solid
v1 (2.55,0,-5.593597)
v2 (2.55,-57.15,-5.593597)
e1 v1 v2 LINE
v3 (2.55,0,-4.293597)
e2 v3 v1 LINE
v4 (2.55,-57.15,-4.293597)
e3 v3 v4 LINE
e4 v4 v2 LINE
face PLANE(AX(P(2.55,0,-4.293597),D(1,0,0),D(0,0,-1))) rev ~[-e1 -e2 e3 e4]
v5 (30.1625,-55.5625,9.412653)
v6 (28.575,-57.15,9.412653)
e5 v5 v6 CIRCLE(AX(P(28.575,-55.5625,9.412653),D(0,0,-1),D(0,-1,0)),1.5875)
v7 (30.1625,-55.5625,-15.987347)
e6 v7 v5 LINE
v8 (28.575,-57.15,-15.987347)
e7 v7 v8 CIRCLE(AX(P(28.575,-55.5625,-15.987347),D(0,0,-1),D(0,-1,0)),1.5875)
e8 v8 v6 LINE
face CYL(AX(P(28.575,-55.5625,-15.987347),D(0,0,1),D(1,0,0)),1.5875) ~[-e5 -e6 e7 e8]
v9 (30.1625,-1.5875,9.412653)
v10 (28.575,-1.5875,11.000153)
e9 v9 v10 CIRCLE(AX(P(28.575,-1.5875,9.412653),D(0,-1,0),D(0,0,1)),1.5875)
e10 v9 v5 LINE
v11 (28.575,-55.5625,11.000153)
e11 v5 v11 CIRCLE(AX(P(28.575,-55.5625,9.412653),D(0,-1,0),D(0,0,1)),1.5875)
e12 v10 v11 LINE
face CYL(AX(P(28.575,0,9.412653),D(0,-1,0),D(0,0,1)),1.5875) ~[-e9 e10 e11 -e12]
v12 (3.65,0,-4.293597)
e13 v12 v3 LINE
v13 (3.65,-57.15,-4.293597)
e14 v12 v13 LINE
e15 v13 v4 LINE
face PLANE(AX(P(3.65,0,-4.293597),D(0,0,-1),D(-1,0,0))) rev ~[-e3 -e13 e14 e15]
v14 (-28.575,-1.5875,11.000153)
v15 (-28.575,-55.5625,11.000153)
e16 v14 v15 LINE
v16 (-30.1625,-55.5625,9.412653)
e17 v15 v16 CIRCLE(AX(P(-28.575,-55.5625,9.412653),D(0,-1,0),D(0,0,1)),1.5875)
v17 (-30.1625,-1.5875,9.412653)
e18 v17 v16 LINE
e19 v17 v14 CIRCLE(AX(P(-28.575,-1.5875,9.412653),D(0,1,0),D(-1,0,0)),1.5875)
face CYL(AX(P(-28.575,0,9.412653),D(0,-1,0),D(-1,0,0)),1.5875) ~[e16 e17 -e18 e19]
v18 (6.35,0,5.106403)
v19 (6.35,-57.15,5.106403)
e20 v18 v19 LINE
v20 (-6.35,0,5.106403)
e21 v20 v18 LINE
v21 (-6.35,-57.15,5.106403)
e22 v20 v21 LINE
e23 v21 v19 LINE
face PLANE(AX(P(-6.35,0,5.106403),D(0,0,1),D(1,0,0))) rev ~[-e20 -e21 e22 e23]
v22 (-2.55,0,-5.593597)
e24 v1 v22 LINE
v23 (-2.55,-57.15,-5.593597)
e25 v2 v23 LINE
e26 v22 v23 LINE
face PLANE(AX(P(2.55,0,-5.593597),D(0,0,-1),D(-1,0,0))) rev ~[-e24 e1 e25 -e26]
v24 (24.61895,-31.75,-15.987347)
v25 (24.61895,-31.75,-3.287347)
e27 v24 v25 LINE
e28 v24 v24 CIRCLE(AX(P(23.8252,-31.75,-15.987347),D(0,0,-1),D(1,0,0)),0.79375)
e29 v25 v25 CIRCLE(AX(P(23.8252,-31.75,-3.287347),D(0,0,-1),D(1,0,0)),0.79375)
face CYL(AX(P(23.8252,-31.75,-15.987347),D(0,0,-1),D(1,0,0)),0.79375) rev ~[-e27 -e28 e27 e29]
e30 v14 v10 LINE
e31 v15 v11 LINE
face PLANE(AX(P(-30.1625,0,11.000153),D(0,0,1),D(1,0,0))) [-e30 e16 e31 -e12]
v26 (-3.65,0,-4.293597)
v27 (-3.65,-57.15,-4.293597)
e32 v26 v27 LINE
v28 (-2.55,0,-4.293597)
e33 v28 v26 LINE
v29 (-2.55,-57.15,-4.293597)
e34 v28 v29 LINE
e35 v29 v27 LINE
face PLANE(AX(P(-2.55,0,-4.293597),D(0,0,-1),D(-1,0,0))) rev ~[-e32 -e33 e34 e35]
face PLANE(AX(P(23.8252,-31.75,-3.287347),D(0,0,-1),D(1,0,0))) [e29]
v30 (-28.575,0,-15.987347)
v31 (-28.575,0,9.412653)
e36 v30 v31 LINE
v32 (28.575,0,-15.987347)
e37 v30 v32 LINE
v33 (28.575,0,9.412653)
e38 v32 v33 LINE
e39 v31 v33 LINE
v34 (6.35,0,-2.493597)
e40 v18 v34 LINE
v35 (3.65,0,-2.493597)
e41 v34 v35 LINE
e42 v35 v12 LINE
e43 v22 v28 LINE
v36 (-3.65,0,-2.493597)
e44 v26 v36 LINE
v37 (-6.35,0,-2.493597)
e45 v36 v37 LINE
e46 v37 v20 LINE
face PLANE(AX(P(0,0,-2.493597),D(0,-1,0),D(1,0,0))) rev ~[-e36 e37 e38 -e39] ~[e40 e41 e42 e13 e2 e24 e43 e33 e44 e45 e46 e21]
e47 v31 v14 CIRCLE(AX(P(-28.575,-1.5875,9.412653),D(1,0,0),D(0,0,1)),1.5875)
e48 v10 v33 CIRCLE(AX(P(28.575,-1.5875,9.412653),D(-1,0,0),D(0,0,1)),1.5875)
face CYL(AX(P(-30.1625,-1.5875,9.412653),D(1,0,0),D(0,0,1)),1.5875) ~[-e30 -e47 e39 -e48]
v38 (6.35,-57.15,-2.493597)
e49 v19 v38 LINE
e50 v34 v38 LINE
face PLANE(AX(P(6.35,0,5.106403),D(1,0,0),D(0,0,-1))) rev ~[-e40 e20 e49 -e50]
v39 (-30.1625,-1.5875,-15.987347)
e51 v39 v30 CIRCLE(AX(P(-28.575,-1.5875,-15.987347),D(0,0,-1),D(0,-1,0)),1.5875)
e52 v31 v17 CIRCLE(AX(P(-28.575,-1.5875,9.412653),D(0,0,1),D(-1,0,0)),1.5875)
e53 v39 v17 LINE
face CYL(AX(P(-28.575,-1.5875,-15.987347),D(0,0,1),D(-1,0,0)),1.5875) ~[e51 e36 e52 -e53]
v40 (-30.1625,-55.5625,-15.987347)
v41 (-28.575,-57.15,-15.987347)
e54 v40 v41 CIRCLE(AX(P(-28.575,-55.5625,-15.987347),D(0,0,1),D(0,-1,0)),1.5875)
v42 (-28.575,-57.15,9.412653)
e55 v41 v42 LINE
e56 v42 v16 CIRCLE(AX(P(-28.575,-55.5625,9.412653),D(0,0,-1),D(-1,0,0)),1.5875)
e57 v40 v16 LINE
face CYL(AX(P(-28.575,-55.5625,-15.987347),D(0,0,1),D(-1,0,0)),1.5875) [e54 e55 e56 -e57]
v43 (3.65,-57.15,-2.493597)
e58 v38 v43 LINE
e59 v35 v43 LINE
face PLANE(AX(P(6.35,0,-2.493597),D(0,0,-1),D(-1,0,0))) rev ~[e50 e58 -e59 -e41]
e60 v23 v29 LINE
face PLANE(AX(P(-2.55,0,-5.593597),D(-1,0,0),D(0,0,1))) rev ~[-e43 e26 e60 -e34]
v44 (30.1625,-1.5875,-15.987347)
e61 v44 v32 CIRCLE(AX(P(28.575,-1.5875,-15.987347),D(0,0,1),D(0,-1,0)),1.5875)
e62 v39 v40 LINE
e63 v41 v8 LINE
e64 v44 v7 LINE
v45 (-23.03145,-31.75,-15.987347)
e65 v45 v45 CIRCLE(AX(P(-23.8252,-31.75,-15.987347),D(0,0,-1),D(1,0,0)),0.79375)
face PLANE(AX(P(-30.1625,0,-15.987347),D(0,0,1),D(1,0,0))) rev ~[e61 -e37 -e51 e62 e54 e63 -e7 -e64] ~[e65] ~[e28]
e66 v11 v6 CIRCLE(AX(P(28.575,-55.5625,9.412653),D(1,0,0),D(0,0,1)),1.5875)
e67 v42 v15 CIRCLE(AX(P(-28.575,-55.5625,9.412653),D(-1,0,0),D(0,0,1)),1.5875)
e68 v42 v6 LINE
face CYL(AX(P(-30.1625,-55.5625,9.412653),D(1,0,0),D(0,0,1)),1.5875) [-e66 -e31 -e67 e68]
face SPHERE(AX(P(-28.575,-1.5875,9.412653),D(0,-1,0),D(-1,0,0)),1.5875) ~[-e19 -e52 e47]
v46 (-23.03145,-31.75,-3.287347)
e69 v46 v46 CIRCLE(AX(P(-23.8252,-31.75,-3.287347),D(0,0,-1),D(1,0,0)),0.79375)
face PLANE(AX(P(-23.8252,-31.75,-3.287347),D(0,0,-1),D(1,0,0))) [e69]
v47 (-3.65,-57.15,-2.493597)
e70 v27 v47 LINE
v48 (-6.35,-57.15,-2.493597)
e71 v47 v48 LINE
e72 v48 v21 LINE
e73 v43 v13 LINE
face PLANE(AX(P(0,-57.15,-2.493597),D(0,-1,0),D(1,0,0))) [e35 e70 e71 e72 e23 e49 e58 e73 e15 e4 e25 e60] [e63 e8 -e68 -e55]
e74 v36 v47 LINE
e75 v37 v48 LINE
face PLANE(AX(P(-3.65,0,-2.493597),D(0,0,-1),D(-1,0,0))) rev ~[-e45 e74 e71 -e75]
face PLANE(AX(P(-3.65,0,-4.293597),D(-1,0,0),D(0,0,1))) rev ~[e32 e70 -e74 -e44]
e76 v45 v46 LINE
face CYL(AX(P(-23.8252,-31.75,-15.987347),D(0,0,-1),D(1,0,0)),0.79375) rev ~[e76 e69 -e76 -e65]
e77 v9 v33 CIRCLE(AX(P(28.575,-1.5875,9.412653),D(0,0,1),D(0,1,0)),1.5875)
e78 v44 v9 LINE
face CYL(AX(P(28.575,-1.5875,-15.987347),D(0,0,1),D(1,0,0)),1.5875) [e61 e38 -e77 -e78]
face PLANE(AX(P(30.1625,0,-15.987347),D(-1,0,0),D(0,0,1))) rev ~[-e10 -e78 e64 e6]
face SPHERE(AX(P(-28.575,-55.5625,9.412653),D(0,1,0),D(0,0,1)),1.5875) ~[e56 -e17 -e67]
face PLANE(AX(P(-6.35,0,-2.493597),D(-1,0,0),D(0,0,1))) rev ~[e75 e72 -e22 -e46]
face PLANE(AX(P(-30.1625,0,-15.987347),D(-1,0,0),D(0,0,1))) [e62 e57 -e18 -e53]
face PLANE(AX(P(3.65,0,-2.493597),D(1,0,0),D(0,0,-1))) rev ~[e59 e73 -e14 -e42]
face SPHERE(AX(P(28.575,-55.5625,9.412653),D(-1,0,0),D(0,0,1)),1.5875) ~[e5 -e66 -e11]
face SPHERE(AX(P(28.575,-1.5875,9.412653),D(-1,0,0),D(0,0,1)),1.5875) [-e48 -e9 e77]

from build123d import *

# Parameters (mm, degrees)
F0_W     = 60.325
F0_H     = 26.9875
F1_DEPTH = 57.15
F2_R     = 1.5875
F3_R     = 0.79375
F4_DEPTH = 12.7


with BuildPart() as f1:
    # F0 (on Front) → F1 (new body)
    with BuildSketch(Plane.XZ):
        with Locations((0, -2.493597)):
            Rectangle(F0_W, F0_H)
        Polygon((-6.35, 5.106403), (6.35, 5.106403), (6.35, -2.493597), (3.65, -2.493597), (3.65, -4.293597), (2.55, -4.293597), (2.55, -5.593597), (-2.55, -5.593597), (-2.55, -4.293597), (-3.65, -4.293597), (-3.65, -2.493597), (-6.35, -2.493597), align=None, mode=Mode.SUBTRACT)
    extrude(amount=F1_DEPTH)

    # F2
    f2_edges = [f1.edges().sort_by_distance(p)[0] for p in [
        (-30.1625, -28.575, 11.000153),
        (0, -57.15, 11.000153),
        (-30.1625, -57.15, -2.493597),
        (-30.1625, 0, -2.493597),
        (0, 0, 11.000153),
        (30.1625, -28.575, 11.000153),
        (30.1625, 0, -2.493597),
        (30.1625, -57.15, -2.493597),
    ]]
    fillet(f2_edges, radius=F2_R)

    # F3 (on face) → F4 (cut)
    with BuildSketch(Plane(origin=(0, 0, -15.987347), x_dir=(1, 0, 0), z_dir=(0, 0, -1))):
        with Locations((23.8252, 31.75)):
            Circle(F3_R)
        with Locations((-23.8252, 31.75)):
            Circle(F3_R)
    extrude(amount=-F4_DEPTH, mode=Mode.SUBTRACT)


solid = f1.part
